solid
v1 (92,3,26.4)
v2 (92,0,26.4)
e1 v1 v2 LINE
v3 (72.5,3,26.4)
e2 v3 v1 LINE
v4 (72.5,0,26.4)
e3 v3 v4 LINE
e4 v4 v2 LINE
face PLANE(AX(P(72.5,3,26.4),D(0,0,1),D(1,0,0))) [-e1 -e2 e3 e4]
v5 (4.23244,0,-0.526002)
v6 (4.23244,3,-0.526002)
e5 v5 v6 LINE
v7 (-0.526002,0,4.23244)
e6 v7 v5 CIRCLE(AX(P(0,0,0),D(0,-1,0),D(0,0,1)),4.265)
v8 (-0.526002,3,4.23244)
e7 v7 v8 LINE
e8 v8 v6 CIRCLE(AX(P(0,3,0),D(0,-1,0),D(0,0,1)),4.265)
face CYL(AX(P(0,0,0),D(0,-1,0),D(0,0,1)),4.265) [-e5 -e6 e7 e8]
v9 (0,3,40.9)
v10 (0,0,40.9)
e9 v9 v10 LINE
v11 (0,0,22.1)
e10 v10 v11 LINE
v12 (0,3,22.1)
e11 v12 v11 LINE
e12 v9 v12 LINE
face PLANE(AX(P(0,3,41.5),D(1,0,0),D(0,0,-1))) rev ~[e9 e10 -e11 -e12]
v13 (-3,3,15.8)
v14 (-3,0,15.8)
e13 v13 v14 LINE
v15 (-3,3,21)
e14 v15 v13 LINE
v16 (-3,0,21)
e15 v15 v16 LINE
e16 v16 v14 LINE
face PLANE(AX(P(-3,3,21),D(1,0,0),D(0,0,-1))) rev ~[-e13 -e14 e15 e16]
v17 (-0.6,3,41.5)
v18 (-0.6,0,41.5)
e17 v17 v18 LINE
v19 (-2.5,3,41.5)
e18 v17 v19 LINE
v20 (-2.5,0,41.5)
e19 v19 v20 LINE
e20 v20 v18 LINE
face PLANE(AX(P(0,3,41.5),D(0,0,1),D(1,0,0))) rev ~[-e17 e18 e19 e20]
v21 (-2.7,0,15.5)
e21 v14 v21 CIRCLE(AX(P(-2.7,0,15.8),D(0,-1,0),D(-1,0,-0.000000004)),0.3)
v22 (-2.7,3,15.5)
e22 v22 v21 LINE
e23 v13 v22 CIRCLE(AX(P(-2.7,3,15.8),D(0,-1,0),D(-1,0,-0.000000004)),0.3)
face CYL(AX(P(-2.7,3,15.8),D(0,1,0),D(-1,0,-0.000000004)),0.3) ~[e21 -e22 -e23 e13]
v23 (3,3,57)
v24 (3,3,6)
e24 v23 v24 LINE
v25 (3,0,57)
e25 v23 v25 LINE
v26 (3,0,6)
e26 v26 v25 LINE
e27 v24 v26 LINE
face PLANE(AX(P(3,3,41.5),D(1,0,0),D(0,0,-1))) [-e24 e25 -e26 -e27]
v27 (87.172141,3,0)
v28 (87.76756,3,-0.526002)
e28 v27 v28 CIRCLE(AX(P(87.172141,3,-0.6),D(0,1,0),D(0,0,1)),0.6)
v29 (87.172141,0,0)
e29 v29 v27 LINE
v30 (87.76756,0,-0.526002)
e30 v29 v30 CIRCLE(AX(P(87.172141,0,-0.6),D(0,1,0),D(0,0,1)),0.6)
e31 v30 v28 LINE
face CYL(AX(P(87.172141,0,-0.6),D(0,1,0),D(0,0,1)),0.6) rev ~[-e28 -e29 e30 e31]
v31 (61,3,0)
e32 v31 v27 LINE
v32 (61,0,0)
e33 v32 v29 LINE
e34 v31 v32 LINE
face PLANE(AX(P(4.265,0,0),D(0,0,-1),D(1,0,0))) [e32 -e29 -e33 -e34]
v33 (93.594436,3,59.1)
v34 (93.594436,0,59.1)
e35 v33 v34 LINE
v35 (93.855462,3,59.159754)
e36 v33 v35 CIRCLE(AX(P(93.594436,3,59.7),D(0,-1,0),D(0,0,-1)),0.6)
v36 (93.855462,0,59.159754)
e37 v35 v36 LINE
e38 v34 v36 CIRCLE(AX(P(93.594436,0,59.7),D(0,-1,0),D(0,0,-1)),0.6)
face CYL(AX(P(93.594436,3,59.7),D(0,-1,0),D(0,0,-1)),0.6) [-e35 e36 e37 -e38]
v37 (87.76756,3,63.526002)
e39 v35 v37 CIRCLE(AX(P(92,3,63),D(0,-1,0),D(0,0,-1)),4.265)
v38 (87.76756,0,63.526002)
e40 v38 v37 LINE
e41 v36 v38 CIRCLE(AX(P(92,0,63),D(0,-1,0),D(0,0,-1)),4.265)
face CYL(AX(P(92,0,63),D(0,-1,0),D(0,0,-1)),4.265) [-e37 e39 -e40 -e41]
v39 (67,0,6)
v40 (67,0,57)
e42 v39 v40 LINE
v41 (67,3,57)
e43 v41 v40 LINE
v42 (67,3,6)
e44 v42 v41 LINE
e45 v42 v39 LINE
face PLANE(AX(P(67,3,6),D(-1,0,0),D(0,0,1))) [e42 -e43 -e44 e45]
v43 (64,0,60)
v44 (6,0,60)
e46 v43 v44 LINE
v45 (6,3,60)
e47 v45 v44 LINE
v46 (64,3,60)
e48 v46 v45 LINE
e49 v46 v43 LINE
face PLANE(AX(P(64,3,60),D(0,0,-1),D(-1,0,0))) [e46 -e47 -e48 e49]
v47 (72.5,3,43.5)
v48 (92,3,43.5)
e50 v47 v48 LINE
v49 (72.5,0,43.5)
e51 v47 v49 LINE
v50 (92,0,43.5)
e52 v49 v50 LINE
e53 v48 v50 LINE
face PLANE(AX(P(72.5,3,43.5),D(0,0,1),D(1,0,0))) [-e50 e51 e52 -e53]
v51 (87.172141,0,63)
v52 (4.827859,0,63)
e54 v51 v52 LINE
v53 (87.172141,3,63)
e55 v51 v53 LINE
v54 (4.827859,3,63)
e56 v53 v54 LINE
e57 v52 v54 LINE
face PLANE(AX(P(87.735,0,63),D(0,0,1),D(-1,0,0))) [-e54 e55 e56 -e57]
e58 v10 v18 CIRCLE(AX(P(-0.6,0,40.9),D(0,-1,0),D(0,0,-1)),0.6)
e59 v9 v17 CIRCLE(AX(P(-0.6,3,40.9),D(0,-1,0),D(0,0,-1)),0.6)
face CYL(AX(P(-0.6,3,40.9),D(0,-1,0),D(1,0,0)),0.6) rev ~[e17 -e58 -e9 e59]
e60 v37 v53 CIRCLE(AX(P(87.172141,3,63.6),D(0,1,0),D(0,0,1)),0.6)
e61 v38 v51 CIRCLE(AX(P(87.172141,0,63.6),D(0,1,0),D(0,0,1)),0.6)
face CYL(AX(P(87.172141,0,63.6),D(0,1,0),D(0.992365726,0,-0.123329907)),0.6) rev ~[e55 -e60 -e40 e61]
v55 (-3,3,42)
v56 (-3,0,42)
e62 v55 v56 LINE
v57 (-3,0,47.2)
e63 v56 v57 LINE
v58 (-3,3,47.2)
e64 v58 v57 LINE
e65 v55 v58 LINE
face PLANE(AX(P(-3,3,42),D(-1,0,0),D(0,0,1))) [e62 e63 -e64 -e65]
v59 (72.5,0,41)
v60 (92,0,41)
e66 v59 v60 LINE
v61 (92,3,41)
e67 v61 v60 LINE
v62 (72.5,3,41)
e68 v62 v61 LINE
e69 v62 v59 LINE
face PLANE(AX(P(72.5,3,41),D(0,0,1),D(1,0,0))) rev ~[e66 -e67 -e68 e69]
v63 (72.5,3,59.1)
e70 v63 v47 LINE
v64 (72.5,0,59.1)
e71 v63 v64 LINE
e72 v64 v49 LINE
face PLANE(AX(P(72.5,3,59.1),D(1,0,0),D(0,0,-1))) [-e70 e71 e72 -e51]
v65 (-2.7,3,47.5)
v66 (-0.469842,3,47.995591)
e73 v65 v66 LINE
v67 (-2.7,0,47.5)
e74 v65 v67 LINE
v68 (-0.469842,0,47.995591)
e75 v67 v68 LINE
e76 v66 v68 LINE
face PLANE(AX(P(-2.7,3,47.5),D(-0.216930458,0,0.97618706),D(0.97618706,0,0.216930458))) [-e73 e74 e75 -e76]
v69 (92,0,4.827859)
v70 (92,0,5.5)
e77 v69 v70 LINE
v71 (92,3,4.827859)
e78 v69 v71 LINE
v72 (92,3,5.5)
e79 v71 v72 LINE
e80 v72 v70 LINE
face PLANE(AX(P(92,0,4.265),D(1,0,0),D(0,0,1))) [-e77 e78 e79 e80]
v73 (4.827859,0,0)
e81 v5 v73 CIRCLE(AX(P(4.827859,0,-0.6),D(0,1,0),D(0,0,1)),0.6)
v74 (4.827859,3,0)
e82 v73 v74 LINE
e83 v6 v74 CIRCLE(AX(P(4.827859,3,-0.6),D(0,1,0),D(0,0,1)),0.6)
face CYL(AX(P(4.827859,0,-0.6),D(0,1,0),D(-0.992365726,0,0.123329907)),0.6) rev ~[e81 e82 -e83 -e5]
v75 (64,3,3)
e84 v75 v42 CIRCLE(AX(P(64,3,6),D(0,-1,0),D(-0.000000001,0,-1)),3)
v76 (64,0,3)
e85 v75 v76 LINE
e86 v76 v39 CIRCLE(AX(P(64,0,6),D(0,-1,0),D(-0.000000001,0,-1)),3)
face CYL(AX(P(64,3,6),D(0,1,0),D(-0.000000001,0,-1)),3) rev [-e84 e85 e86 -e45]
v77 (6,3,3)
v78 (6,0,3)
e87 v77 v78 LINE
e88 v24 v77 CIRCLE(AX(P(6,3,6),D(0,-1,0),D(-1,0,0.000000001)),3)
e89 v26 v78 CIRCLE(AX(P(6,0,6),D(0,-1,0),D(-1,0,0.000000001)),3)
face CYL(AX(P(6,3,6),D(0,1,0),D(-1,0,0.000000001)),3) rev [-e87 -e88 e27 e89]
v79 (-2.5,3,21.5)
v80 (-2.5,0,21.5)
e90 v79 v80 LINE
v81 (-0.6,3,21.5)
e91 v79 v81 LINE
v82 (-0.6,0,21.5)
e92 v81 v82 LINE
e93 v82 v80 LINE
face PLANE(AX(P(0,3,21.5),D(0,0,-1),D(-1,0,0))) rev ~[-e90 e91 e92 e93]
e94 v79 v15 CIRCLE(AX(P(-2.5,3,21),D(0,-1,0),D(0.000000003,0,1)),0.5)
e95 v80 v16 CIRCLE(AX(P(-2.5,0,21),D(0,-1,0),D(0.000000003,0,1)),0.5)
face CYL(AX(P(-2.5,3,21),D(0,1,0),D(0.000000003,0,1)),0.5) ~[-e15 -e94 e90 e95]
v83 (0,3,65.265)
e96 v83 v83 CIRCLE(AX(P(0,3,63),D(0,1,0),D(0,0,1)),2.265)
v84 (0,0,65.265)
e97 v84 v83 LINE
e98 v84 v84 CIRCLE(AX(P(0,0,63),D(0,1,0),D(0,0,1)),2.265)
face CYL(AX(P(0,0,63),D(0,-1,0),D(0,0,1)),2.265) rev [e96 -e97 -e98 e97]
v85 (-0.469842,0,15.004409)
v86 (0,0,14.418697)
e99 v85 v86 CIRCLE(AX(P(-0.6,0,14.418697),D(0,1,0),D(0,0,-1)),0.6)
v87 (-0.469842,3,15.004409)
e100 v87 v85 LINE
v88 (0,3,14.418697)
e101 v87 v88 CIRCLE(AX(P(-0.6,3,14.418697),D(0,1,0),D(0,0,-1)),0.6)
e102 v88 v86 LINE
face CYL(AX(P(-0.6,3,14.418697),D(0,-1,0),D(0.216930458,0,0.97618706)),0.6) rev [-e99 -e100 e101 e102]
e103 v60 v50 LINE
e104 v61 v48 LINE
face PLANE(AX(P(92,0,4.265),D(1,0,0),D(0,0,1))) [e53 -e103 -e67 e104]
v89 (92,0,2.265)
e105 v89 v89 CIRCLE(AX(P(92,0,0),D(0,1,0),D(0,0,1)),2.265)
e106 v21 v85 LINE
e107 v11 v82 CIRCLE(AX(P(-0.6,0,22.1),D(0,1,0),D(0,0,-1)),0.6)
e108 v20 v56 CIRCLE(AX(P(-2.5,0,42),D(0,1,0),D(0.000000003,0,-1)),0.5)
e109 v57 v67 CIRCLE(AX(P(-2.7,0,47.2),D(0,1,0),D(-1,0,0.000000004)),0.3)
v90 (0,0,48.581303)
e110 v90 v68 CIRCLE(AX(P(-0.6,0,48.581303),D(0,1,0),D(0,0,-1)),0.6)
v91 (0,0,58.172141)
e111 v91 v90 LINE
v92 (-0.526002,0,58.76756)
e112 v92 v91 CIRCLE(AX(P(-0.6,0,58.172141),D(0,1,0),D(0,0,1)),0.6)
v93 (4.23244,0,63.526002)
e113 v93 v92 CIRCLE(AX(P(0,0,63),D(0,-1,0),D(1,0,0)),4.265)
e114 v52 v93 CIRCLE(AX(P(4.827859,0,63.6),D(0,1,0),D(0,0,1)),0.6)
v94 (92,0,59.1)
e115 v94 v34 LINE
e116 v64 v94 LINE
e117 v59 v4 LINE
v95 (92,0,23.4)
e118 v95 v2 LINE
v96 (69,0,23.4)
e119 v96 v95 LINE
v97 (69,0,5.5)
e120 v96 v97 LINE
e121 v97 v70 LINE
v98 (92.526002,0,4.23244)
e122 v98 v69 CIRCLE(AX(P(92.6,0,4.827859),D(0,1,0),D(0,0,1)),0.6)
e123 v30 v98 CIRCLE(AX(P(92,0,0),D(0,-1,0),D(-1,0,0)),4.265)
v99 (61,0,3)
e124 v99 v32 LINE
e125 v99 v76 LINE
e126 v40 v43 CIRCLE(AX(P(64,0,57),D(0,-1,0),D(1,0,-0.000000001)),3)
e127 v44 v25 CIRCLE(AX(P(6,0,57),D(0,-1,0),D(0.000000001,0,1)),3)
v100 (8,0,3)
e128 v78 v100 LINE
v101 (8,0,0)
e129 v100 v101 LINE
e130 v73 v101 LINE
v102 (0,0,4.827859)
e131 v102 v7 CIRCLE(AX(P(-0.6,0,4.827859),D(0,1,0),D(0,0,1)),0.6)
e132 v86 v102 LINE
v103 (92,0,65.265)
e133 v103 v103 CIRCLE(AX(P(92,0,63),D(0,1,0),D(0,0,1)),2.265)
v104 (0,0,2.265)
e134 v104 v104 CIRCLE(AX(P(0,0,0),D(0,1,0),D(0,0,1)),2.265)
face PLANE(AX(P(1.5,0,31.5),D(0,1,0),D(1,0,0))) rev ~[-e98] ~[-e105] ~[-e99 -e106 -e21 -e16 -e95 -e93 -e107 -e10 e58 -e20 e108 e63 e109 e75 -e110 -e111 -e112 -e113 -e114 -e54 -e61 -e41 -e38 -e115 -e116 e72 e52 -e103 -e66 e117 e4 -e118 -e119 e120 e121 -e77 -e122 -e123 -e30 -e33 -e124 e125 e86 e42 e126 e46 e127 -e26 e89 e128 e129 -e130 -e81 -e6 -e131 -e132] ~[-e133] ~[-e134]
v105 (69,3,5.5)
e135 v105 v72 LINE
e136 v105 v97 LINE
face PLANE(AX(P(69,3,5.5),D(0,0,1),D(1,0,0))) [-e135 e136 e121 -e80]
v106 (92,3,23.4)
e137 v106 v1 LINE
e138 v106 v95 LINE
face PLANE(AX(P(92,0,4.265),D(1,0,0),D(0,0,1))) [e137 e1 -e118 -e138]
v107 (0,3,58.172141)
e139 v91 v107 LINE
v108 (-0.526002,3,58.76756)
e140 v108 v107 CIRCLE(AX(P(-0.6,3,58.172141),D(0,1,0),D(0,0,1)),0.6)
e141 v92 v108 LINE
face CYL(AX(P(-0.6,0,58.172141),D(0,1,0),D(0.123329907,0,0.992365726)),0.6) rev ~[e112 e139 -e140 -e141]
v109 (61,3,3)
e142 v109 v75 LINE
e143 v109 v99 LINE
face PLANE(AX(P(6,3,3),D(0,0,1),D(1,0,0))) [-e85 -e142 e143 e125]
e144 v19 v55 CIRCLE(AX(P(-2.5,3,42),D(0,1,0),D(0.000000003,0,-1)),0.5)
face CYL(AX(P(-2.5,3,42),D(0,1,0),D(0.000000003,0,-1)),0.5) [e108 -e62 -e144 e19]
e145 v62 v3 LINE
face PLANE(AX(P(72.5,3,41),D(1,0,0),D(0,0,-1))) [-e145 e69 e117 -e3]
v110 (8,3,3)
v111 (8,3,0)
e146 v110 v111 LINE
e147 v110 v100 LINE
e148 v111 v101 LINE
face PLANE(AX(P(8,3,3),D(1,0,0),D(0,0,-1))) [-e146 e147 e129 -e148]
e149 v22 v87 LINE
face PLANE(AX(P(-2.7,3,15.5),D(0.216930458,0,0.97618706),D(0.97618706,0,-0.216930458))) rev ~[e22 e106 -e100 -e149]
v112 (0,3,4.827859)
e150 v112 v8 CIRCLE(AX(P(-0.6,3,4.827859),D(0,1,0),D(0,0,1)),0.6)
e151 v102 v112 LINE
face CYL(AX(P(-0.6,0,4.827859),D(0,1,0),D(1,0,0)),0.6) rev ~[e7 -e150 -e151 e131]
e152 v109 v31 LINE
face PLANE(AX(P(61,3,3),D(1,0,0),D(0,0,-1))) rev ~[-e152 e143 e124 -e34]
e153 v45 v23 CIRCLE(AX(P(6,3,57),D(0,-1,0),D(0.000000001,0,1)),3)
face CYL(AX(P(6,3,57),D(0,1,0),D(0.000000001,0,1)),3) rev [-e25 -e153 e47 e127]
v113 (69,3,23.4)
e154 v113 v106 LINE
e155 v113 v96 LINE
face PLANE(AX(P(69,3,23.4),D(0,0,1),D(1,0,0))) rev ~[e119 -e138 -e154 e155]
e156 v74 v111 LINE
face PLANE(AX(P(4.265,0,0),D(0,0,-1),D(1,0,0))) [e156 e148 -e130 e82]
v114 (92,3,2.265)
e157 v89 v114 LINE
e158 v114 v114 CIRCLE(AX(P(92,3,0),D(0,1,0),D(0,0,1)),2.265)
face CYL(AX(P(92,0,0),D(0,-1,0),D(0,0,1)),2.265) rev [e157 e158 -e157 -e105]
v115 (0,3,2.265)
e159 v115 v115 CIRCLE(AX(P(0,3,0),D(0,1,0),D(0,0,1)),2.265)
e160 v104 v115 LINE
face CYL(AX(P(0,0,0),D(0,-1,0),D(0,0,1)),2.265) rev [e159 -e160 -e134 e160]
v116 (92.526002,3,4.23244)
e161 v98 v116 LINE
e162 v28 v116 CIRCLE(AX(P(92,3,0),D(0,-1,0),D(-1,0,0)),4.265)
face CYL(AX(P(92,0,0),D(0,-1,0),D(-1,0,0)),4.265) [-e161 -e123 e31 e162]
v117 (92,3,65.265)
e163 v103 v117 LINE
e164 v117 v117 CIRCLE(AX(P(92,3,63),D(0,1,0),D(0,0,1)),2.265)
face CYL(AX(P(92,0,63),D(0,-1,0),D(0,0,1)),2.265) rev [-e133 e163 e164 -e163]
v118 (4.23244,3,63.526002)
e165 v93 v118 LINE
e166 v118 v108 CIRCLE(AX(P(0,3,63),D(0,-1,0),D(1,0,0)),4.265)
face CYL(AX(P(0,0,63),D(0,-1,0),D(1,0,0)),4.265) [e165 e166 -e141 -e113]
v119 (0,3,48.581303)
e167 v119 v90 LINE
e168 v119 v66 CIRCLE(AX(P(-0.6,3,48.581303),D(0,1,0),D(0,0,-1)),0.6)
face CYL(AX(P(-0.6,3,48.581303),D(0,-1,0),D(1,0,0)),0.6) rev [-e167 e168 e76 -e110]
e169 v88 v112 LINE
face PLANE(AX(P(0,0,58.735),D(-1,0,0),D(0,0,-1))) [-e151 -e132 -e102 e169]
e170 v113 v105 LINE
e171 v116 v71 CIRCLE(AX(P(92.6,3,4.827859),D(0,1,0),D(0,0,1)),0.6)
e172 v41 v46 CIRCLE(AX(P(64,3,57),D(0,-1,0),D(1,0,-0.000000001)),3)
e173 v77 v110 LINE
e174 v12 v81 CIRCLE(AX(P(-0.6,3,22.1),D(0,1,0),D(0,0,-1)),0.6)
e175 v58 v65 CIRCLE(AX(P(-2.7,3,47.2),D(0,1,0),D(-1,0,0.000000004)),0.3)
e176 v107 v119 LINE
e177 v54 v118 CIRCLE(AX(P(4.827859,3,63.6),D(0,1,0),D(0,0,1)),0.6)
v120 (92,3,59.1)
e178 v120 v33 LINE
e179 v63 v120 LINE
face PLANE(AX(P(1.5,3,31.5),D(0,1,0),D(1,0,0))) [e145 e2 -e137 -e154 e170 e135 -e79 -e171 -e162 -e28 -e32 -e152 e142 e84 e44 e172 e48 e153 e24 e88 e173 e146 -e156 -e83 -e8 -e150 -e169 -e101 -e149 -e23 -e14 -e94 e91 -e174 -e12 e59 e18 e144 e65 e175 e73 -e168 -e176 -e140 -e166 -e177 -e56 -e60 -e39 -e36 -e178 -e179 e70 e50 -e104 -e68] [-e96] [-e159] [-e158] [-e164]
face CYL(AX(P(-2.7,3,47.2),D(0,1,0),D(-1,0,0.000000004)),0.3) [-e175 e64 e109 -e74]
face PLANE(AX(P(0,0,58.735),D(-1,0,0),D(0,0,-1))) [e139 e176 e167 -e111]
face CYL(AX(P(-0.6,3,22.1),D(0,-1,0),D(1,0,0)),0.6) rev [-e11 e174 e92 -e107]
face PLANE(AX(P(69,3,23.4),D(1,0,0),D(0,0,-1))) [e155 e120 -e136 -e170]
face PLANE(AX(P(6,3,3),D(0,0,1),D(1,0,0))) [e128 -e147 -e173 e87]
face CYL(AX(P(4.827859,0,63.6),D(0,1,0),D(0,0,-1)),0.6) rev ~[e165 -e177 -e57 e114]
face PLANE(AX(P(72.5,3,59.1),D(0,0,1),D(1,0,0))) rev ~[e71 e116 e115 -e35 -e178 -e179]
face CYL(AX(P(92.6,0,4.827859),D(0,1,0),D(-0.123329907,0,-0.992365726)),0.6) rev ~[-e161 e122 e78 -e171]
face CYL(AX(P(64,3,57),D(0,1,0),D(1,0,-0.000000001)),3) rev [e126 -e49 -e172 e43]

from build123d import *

# Parameters (mm, degrees)
SKETCH1_R           = 2.265
BOSS_EXTRUDE1_DEPTH = 3
SKETCH2_W           = 6.5
SKETCH2_H           = 20
CUT_EXTRUDE1_DEPTH  = 3
BOSS_EXTRUDE2_DEPTH = 3
CUT_EXTRUDE2_DEPTH  = 3
SKETCH5_W           = 3
SKETCH5_H           = 20
BOSS_EXTRUDE3_DEPTH = 3
SKETCH6_W           = 27.010134686
SKETCH6_H           = 17.9
CUT_EXTRUDE3_DEPTH  = 3
SKETCH7_W           = 19.5
SKETCH7_H           = 14.6
CUT_EXTRUDE4_DEPTH  = 3
SKETCH8_W           = 19.5
SKETCH8_H           = 15.6
CUT_EXTRUDE5_DEPTH  = 3
SKETCH9_W           = 2.019620965
SKETCH9_H           = 0.574286347
CUT_EXTRUDE6_DEPTH  = 3
FILLET1_R           = 0.6
SKETCH10_W          = 53
SKETCH10_H          = 3
CUT_EXTRUDE7_DEPTH  = 10


with BuildPart() as part:
    # Sketch1 → Boss-Extrude1 (new body)
    with BuildSketch(Plane(origin=(0, 0, 0), x_dir=(1, 0, 0), z_dir=(0, 1, 0))):
        with BuildLine():
            Line((4.265, 0), (87.735, 0))
            ThreePointArc((87.735, 0), (95.015810422, 3.015810422), (92, -4.265))
            Line((92, -4.265), (92, -58.735))
            ThreePointArc((92, -58.735), (95.015810422, -66.015810422), (87.735, -63))
            Line((87.735, -63), (4.265, -63))
            ThreePointArc((4.265, -63), (-3.015810422, -66.015810422), (0, -58.735))
            Line((0, -58.735), (0, -4.265))
            ThreePointArc((0, -4.265), (-3.015810422, 3.015810422), (4.265, 0))
        make_face()
        with Locations(Location((0, 0, 0), (0, 0, 270))):
            Circle(SKETCH1_R, mode=Mode.SUBTRACT)
        with Locations(Location((92, 0, 0), (0, 0, 270))):
            Circle(SKETCH1_R, mode=Mode.SUBTRACT)
        with Locations(Location((92, -63, 0), (0, 0, 270))):
            Circle(SKETCH1_R, mode=Mode.SUBTRACT)
        with Locations(Location((0, -63, 0), (0, 0, 270))):
            Circle(SKETCH1_R, mode=Mode.SUBTRACT)
    extrude(amount=BOSS_EXTRUDE1_DEPTH)

    # Sketch2 → Cut-Extrude1 (cut)
    with BuildSketch(Plane(origin=(0, 3, 0), x_dir=(1, 0, 0), z_dir=(0, 1, 0))):
        with Locations((3.25, -31.5)):
            Rectangle(SKETCH2_W, SKETCH2_H)
    extrude(amount=-CUT_EXTRUDE1_DEPTH, mode=Mode.SUBTRACT)

    # Sketch3 → Boss-Extrude2 (add)
    with BuildSketch(Plane(origin=(0, 3, 0), x_dir=(1, 0, 0), z_dir=(0, 1, 0))):
        with BuildLine():
            Line((-2.7, -15.5), (0, -14.9))
            Line((0, -14.9), (0, -21.5))
            Line((0, -21.5), (-2.5, -21.5))
            ThreePointArc((-2.5, -21.5), (-2.853553391, -21.353553391), (-3, -21))
            Line((-3, -21), (-3, -15.8))
            ThreePointArc((-3, -15.8), (-2.912132034, -15.587867966), (-2.7, -15.5))
        make_face()
        with BuildLine():
            Line((-3, -42), (-3, -47.2))
            ThreePointArc((-3, -47.2), (-2.912132034, -47.412132034), (-2.7, -47.5))
            Line((-2.7, -47.5), (0, -48.1))
            Line((0, -48.1), (0, -41.5))
            Line((0, -41.5), (-2.5, -41.5))
            ThreePointArc((-2.5, -41.5), (-2.853553391, -41.646446609), (-3, -42))
        make_face()
    extrude(amount=-BOSS_EXTRUDE2_DEPTH)

    # Sketch4 → Cut-Extrude2 (cut)
    with BuildSketch(Plane(origin=(0, 3, 0), x_dir=(1, 0, 0), z_dir=(0, 1, 0))):
        with BuildLine():
            Line((6, -3), (64, -3))
            ThreePointArc((64, -3), (66.121320344, -3.878679656), (67, -6))
            Line((67, -6), (67, -57))
            ThreePointArc((67, -57), (66.121320344, -59.121320344), (64, -60))
            Line((64, -60), (6, -60))
            ThreePointArc((6, -60), (3.878679656, -59.121320344), (3, -57))
            Line((3, -57), (3, -6))
            ThreePointArc((3, -6), (3.878679656, -3.878679656), (6, -3))
        make_face()
    extrude(amount=-CUT_EXTRUDE2_DEPTH, mode=Mode.SUBTRACT)

    # Sketch5 → Boss-Extrude3 (add)
    with BuildSketch(Plane(origin=(0, 3, 0), x_dir=(1, 0, 0), z_dir=(0, 1, 0))):
        with Locations((1.5, -31.5)):
            Rectangle(SKETCH5_W, SKETCH5_H)
    extrude(amount=-BOSS_EXTRUDE3_DEPTH)

    # Sketch6 → Cut-Extrude3 (cut)
    with BuildSketch(Plane(origin=(0, 3, 0), x_dir=(1, 0, 0), z_dir=(0, 1, 0))):
        with Locations((82.505067343, -14.45)):
            Rectangle(SKETCH6_W, SKETCH6_H)
    extrude(amount=-CUT_EXTRUDE3_DEPTH, mode=Mode.SUBTRACT)

    # Sketch7 → Cut-Extrude4 (cut)
    with BuildSketch(Plane(origin=(0, 3, 0), x_dir=(1, 0, 0), z_dir=(0, 1, 0))):
        with Locations((82.25, -33.7)):
            Rectangle(SKETCH7_W, SKETCH7_H)
    extrude(amount=-CUT_EXTRUDE4_DEPTH, mode=Mode.SUBTRACT)

    # Sketch8 → Cut-Extrude5 (cut)
    with BuildSketch(Plane(origin=(0, 3, 0), x_dir=(1, 0, 0), z_dir=(0, 1, 0))):
        with Locations((82.25, -51.3)):
            Rectangle(SKETCH8_W, SKETCH8_H)
    extrude(amount=-CUT_EXTRUDE5_DEPTH, mode=Mode.SUBTRACT)

    # Sketch9 → Cut-Extrude6 (cut)
    with BuildSketch(Plane(origin=(0, 3, 0), x_dir=(1, 0, 0), z_dir=(0, 1, 0))):
        with Locations((93.009810483, -58.812856827)):
            Rectangle(SKETCH9_W, SKETCH9_H)
    extrude(amount=-CUT_EXTRUDE6_DEPTH, mode=Mode.SUBTRACT)

    # Fillet1
    fillet1_edges = [part.edges().sort_by_distance(p)[0] for p in [
        (0, 1.5, 41.5),
        (92, 1.5, 4.265),
        (0, 1.5, 21.5),
        (87.735, 1.5, 63),
        (4.265, 1.5, 63),
        (0, 1.5, 58.735),
        (0, 1.5, 4.265),
        (4.265, 1.5, 0),
        (87.735, 1.5, 0),
        (93.726332818, 1.5, 59.1),
        (0, 1.5, 14.9),
        (0, 1.5, 48.1),
    ]]
    fillet(fillet1_edges, radius=FILLET1_R)

    # Sketch10 → Cut-Extrude7 (cut)
    with BuildSketch(Plane(origin=(0, 3, 0), x_dir=(1, 0, 0), z_dir=(0, 1, 0))):
        with Locations((34.5, -1.5)):
            Rectangle(SKETCH10_W, SKETCH10_H)
    extrude(amount=-CUT_EXTRUDE7_DEPTH, mode=Mode.SUBTRACT)


solid = part.part
